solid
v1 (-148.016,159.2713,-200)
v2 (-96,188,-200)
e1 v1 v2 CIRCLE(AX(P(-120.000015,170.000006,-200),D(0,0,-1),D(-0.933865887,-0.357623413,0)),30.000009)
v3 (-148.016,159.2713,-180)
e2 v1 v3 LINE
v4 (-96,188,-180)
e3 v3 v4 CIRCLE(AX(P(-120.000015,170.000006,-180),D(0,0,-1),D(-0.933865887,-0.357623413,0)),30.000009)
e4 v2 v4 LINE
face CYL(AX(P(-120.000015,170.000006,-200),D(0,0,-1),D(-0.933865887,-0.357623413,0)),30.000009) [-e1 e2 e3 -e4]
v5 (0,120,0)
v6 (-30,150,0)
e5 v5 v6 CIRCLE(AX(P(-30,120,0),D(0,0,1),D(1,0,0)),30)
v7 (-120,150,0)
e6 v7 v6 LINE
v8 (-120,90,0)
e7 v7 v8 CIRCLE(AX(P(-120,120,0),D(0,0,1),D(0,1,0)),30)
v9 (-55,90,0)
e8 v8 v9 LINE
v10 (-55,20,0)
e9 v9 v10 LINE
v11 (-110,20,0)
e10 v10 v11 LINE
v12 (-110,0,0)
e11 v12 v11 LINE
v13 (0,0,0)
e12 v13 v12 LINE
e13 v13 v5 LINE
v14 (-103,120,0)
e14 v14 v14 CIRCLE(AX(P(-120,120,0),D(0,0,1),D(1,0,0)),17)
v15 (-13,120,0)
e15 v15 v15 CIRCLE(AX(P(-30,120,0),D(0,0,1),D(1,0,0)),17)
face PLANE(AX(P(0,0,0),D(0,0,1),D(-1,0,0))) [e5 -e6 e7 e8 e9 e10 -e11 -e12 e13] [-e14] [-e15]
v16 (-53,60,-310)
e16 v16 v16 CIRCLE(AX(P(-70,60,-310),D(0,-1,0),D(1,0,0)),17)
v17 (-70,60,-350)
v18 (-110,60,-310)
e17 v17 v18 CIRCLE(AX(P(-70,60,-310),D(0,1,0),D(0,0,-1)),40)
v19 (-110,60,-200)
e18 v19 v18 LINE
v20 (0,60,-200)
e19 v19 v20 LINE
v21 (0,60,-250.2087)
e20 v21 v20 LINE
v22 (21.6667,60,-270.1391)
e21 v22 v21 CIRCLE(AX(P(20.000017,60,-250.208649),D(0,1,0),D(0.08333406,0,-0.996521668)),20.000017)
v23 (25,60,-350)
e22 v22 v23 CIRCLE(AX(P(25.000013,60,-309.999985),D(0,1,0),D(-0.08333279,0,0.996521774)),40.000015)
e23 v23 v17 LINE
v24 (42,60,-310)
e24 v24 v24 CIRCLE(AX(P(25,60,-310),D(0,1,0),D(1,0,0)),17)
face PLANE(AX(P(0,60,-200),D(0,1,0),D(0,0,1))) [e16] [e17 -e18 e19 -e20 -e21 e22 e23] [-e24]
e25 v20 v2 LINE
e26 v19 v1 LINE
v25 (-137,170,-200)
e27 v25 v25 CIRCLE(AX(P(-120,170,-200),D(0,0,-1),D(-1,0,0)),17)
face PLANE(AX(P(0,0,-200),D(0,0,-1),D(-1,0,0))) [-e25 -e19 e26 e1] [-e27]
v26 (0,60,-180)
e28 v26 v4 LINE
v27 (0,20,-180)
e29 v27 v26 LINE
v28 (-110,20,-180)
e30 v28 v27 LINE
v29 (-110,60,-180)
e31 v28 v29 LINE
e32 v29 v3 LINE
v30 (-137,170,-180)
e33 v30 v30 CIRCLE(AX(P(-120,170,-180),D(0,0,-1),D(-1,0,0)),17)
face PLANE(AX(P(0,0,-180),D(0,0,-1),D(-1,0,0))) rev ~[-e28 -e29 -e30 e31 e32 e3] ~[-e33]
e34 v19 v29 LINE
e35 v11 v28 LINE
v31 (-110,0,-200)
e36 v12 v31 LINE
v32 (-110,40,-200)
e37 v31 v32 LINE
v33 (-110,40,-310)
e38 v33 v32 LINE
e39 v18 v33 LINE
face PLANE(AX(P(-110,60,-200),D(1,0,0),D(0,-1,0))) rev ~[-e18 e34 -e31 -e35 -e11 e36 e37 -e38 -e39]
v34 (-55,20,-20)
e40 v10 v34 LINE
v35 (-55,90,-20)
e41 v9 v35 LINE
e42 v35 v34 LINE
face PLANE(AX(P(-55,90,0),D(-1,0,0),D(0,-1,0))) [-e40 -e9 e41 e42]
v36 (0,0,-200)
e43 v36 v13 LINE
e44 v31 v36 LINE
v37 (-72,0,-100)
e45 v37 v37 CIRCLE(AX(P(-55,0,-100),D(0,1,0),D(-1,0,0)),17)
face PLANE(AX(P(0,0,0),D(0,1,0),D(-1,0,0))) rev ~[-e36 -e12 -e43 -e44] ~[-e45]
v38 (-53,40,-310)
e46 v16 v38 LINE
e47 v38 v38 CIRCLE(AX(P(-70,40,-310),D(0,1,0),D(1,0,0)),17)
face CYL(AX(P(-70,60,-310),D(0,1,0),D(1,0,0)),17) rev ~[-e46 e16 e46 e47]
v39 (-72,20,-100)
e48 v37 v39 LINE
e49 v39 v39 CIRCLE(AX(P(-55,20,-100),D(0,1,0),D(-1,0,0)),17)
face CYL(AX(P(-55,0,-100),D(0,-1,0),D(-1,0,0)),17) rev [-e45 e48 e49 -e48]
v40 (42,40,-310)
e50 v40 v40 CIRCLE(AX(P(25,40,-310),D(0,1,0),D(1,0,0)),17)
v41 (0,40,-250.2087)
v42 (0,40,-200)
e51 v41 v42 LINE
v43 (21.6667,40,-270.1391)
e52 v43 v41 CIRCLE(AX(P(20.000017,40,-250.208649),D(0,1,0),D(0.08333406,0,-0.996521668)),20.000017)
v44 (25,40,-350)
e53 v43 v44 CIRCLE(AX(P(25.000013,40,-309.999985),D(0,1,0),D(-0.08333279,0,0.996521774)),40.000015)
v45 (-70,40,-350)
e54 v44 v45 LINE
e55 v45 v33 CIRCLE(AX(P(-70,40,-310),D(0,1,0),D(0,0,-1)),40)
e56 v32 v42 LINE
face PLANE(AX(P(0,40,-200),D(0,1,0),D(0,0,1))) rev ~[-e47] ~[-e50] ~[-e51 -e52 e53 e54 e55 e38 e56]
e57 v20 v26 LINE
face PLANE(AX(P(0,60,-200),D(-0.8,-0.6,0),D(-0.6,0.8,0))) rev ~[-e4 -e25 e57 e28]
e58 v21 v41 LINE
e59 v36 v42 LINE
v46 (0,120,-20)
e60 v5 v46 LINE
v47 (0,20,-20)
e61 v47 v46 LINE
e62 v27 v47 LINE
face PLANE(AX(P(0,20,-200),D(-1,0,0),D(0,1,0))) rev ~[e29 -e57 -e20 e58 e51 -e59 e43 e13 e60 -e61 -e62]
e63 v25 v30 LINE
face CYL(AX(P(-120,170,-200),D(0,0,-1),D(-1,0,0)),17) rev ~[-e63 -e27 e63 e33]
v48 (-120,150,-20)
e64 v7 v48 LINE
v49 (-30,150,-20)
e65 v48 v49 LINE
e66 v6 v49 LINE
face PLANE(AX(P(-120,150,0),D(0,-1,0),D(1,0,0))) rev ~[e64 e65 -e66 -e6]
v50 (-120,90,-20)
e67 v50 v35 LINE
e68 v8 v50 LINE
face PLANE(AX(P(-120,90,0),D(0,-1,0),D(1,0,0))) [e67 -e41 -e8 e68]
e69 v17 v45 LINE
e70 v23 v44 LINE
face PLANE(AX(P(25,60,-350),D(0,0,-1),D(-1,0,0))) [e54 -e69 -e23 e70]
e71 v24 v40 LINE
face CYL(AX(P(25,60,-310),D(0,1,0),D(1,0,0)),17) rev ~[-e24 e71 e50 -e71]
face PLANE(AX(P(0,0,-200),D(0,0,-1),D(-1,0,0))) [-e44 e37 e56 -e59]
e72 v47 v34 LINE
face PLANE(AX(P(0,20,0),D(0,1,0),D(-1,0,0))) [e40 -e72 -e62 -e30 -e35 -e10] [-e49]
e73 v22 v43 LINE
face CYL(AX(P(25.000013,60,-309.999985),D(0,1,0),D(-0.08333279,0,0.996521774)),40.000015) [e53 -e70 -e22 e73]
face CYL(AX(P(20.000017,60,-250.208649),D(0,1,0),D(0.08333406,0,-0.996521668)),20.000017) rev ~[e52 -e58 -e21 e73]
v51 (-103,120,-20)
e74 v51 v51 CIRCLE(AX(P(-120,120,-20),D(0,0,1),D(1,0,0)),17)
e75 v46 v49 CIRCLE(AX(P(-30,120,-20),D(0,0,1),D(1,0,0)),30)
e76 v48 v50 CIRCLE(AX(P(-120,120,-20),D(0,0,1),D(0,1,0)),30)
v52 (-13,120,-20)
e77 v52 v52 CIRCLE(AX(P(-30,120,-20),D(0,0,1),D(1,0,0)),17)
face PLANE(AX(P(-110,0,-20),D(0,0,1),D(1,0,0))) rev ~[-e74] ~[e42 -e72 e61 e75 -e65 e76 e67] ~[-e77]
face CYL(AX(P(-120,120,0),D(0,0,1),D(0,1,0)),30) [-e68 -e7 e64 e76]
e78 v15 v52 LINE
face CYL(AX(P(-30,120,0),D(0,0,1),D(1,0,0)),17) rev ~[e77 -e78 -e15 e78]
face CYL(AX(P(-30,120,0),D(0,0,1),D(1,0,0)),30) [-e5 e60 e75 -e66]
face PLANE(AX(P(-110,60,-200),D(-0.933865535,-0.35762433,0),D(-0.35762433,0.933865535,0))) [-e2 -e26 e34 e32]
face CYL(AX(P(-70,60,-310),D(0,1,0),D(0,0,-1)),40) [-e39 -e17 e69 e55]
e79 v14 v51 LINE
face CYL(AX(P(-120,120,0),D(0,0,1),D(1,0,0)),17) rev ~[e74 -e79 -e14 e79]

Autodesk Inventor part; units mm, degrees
ref_plane "YZ Plane" through (0, 0, 0) normal (1, 0, 0) x (0, 1, 0)
ref_plane "XZ Plane" through (0, 0, 0) normal (0, 1, 0) x (-1, 0, 0)
ref_plane "XY Plane" through (0, 0, 0) normal (0, 0, 1) x (1, 0, 0)
sketch "Boceto1" plane through (0, 0, 0) normal (0, 1, 0) x (-1, 0, 0)
  line L0 (0, 0) -> (110, 0)
  line L1 (110, 0) -> (110, -200)
  line L2 (110, -200) -> (0, -200)
  line L3 (0, -200) -> (0, 0)
  circle A0 centre (55, -100) radius 17
  dimension "d0" = 110
  dimension "d1" = 200
extrude "Extrusión1" add sketch "Boceto1" along normal blind 20
sketch "Boceto2" plane through (-110, 0, 0) normal (0, 0, 1) x (1, 0, 0)
  line L0 (110, 20) -> (0, 20) projected
  line L1 (0, 20) -> (55, 20)
  line L2 (110, 0) -> (0, 0) projected
  line L3 (110, 20) -> (110, 120)
  circle A0 centre (80, 120) radius 17
  arc A1 (110, 120) -> (80, 150) centre (80, 120) ccw
  circle A2 centre (-10, 120) radius 17
  arc A3 (-10, 150) -> (-10, 90) centre (-10, 120) ccw
  line L4 (-10, 90) -> (55, 90)
  line L5 (55, 90) -> (55, 20)
  line L6 (-10, 150) -> (80, 150)
  dimension "d8" = 55
extrude "Extrusión2" add sketch "Boceto2" against normal blind 20
sketch "Boceto3" plane through (0, 0, -200) normal (0, 0, -1) x (-1, 0, 0)
  line L0 (110, 20) -> (0, 20)
  line L1 (0, 20) -> (0, 60)
  line L2 (0, 60) -> (110, 60)
  line L3 (110, 60) -> (110, 20)
  point P0 (0, 0)
  dimension "d19" = 110
  dimension "d20" = 40
extrude "Extrusión3" add sketch "Boceto3" against normal blind 20
sketch "Boceto4" plane through (0, 0, -200) normal (0, 0, -1) x (-1, 0, 0)
  line L0 (0, 0) -> (110, 0) projected
  line L1 (110, 0) -> (110, 60) projected
  circle A0 centre (120, 170) radius 17
  arc A1 (148.016, 159.2713) -> (96, 188) centre (120, 170) ccw
  line L2 (110, 60) -> (148.016, 159.2713)
  line L3 (0, 60) -> (96, 188)
  line L4 (0, 60) -> (110, 60) projected
  line L5 (0, 60) -> (110, 60)
extrude "Extrusión4" add sketch "Boceto4" against normal blind 20
sketch "Boceto5" plane through (0, 0, 0) normal (1, 0, 0) x (0, 0, -1)
  line L0 (0, 0) -> (200, 0) projected
  line L1 (200, 0) -> (200, 60) projected
  line L2 (200, 60) -> (180, 60) projected
  line L3 (180, 20) -> (180, 60) projected
  line L4 (20, 20) -> (180, 20) projected
  line L5 (20, 120) -> (20, 20) projected
  line L6 (0, 120) -> (20, 120) projected
  line L7 (0, 0) -> (0, 120) projected
  line L8 (180, 20) -> (180, 60) projected
  line L9 (180, 60) -> (310, 60)
  line L10 (310, 60) -> (310, 40)
  line L11 (310, 40) -> (180, 40)
  line L12 (180, 40) -> (180, 60)
  dimension "d30" = 130
  dimension "d31" = 20
extrude "Extrusión5" add sketch "Boceto5" against normal blind 110 contours L11 L3 L2 L1 | L1 L9 L10 L11
sketch "Boceto6" plane through (0, 60, -200) normal (0, 1, 0) x (1, 0, 0)
  line L0 (0, 0) -> (-110, 0) projected
  line L1 (0, 110) -> (0, 0) projected
  line L2 (0, 110) -> (-110, 110) projected
  line L3 (-110, 0) -> (-110, 110) projected
  line L4 (-96, 0) -> (0, 0) projected
  line L5 (0, 0) -> (0, 110) projected
  line L6 (0, 0) -> (0, 50.2087)
  line L7 (0, 110) -> (-70, 110)
  line L8 (0, 110) -> (-110, 110) projected
  circle A0 centre (-70, 110) radius 17
  arc A1 (-70, 150) -> (-110, 110) centre (-70, 110) ccw
  arc A2 (21.6667, 70.1391) -> (25, 150) centre (25, 110) ccw
  circle A3 centre (25, 110) radius 17
  line L9 (25, 150) -> (-70, 150)
  arc A4 (21.6667, 70.1391) -> (0, 50.2087) centre (20, 50.2087) ccw
  line L10 (-110, 110) -> (-110, 0) projected
  line L11 (-110, 110) -> (-110, 50.2087)
  line L12 (-110, 50.2087) -> (0, 50.2087)
  point P0 (0, -200)
  point P1 (0, 78.775)
  point P2 (-110, 50.2087)
  point P3 (-87, 110)
  point P4 (-53, 110)
  dimension "d41" = 20
extrude "Extrusión6" add sketch "Boceto6" against normal blind 20 contours L12 L3 L2 A0 L1 | L1 L2 A0 A1 L9 A2 A4
extrude "Extrusión7" cut sketch "Boceto6" against normal blind 20 contours A0 L2 picked at (-58.8313, 108.6439)
properties part number "Pieza4Miniproyecto"
